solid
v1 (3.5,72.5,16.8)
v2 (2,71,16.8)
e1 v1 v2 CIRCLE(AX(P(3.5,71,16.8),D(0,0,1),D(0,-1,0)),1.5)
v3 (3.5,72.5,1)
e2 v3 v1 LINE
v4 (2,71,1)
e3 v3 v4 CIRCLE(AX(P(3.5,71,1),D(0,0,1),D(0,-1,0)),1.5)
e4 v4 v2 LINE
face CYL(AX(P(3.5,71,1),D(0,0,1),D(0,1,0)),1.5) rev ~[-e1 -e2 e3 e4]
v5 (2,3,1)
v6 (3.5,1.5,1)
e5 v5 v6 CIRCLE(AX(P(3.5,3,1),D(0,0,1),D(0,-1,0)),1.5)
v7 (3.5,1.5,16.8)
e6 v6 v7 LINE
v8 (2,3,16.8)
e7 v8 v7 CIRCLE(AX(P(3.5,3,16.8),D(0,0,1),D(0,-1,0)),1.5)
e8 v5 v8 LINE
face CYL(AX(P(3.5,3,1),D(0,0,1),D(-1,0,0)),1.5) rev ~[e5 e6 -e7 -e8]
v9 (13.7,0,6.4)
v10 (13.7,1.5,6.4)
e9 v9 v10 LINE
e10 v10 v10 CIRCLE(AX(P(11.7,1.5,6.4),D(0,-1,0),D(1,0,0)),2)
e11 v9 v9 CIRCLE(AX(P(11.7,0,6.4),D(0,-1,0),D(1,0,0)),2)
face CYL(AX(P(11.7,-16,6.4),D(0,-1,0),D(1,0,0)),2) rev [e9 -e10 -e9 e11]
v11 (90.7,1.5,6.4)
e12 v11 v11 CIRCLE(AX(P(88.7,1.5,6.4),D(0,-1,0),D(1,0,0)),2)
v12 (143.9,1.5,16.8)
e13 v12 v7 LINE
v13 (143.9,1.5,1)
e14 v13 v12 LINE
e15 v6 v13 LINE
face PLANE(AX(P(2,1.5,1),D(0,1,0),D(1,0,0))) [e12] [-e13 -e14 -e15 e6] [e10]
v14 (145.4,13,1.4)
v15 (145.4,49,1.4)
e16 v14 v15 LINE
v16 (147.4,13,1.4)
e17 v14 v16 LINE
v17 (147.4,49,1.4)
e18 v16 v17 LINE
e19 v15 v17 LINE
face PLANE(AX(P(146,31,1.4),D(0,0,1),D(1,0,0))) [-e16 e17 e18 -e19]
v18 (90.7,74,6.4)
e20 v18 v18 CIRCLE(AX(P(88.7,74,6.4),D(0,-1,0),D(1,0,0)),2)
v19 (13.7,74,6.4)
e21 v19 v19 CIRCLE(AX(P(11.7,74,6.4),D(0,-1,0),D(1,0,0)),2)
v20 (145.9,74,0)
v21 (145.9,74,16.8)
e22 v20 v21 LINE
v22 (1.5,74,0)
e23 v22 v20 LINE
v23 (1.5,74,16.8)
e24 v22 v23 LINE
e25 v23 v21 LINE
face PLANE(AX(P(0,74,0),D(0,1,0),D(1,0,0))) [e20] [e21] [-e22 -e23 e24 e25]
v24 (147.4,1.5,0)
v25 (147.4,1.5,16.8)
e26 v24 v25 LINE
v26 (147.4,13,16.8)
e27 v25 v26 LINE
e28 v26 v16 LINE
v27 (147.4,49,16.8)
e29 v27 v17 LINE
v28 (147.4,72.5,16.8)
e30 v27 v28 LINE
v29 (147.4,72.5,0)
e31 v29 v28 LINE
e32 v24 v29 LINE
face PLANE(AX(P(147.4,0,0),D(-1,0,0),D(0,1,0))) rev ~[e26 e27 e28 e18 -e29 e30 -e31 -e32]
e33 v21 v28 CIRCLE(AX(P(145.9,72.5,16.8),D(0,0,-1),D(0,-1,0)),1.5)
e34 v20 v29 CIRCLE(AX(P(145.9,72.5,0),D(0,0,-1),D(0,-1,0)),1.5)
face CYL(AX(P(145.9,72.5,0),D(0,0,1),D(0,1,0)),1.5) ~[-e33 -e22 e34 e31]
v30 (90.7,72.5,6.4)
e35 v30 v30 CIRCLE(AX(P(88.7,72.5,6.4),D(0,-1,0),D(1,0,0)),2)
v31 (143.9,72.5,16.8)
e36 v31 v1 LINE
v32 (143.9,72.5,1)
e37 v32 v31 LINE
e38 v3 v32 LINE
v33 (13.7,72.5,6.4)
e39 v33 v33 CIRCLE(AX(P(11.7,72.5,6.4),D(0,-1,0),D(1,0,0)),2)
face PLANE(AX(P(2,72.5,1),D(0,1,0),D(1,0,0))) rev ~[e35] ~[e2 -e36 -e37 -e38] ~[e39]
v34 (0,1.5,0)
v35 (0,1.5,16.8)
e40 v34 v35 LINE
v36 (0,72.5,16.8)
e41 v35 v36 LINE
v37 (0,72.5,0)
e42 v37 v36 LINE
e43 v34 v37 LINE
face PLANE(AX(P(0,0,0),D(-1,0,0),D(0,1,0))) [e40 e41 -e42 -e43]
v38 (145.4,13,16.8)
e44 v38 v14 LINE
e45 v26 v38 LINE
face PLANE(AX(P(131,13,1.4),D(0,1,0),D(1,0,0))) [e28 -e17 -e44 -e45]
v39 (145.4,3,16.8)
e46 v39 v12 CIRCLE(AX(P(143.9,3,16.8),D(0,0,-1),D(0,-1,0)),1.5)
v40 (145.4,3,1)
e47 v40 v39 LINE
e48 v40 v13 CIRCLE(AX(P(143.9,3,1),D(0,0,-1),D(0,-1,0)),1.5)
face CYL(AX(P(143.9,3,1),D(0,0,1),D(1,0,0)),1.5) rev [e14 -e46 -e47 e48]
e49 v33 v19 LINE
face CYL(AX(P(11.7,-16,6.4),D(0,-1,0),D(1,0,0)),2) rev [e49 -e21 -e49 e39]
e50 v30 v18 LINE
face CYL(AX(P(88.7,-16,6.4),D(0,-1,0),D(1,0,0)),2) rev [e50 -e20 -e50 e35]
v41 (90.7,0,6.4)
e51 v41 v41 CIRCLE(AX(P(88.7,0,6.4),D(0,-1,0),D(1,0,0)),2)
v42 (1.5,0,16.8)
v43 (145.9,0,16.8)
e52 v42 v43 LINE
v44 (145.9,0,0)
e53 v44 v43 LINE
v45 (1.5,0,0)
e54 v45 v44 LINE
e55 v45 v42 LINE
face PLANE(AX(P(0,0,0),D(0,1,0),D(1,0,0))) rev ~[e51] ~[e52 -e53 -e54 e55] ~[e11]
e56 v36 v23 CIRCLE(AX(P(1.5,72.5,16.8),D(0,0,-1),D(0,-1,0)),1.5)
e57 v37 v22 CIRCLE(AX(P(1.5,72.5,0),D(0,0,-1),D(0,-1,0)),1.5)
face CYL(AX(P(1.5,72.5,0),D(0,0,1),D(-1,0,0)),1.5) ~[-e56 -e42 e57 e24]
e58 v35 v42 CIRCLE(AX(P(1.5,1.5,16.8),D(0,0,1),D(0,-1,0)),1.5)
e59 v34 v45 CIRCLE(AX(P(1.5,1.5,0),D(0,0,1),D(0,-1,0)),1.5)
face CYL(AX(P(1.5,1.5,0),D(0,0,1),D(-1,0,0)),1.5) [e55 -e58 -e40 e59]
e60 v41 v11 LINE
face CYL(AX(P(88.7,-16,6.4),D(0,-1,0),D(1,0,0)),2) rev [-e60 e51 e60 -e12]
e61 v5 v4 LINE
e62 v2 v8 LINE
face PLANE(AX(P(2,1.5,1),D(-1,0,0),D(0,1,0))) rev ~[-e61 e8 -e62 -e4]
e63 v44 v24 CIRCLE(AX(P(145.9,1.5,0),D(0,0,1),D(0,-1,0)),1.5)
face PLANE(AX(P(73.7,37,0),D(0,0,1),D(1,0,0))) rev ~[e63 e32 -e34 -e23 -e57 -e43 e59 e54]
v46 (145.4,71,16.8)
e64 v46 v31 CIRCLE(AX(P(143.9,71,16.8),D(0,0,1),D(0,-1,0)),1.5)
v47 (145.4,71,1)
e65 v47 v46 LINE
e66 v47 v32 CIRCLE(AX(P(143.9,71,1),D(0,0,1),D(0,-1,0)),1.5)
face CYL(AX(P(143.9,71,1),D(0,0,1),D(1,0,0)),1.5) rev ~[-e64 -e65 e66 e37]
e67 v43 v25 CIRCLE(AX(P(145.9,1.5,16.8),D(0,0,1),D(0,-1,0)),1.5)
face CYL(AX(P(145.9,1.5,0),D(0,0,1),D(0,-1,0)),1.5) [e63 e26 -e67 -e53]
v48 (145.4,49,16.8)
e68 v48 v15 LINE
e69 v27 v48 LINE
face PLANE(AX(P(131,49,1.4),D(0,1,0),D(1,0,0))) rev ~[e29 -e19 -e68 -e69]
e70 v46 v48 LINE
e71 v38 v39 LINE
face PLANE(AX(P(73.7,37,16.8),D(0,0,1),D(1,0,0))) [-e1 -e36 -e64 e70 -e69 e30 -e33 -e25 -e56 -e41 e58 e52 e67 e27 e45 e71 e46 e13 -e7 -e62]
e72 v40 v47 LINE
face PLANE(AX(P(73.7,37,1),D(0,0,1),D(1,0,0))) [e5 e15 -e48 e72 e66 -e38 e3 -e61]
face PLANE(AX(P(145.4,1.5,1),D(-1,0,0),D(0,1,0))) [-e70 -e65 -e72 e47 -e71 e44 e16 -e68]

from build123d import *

# Parameters (mm, degrees)
CYLINDER_R       = 2
CYLINDER_DEPTH   = 100
ARRAY002_X_COUNT = 2
ARRAY002_X_PITCH = 77
BOX009_W         = 30
BOX009_H         = 36
BOX009_DEPTH     = 20
BOX001_W         = 143.4
BOX001_H         = 71
BOX001_DEPTH     = 17.3
BOX_W            = 147.4
BOX_H            = 74
BOX_DEPTH        = 16.8
FILLET_R         = 1.5


with BuildPart() as hdd_side_holes_clone:
    # Cylinder → Cylinder (new body)
    with BuildSketch(Plane(origin=(9.5, -16, 3.5), x_dir=(1, 0, 0), z_dir=(0, 1, 0))):
        Circle(CYLINDER_R)
    extrude(amount=CYLINDER_DEPTH)

    # Array002 X: hdd side holes clone ×2


with BuildPart() as hdd_side_holes_clone_1:
    add(hdd_side_holes_clone.part)
    with Locations(*[(i * ARRAY002_X_PITCH, 0, 0) for i in range(1, ARRAY002_X_COUNT)]):
        add(hdd_side_holes_clone.part)


with BuildPart() as hdd_side_holes_clone_2:
    # Body placement: moved
    add(hdd_side_holes_clone_1.part.moved(Location((2.2, 0, 2.9))))


with BuildPart() as usb_extent_hole:
    # Box009 → Box009 (new body)
    with BuildSketch(Plane(origin=(131, 13, 1.4), x_dir=(1, 0, 0), z_dir=(0, 0, 1))):
        with Locations((15, 18)):
            Rectangle(BOX009_W, BOX009_H)
    extrude(amount=BOX009_DEPTH)


with BuildPart() as bottom_body_hole_fusion:
    # Box001 → Box001 (new body)
    with BuildSketch(Plane(origin=(2, 1.5, 1), x_dir=(1, 0, 0), z_dir=(0, 0, 1))):
        with Locations((71.7, 35.5)):
            Rectangle(BOX001_W, BOX001_H)
    extrude(amount=BOX001_DEPTH)

    # Fusion: union hdd side holes clone, usb extent hole
    add(hdd_side_holes_clone_2.part)
    add(usb_extent_hole.part)


with BuildPart() as bottom_fillet:
    # Box → Box (new body)
    with BuildSketch(Plane.XY):
        with Locations((73.7, 37)):
            Rectangle(BOX_W, BOX_H)
    extrude(amount=BOX_DEPTH)

    # Cut: cut bottom body hole fusion
    add(bottom_body_hole_fusion.part, mode=Mode.SUBTRACT)

    # Fillet
    fillet_edges = [bottom_fillet.edges().sort_by_distance(p)[0] for p in [
        (0, 0, 8.4),
        (0, 74, 8.4),
        (147.4, 0, 8.4),
        (147.4, 74, 8.4),
        (145.4, 72.5, 8.9),
        (145.4, 1.5, 8.9),
        (2, 72.5, 8.9),
        (2, 1.5, 8.9),
    ]]
    fillet(fillet_edges, radius=FILLET_R)


solid = bottom_fillet.part
